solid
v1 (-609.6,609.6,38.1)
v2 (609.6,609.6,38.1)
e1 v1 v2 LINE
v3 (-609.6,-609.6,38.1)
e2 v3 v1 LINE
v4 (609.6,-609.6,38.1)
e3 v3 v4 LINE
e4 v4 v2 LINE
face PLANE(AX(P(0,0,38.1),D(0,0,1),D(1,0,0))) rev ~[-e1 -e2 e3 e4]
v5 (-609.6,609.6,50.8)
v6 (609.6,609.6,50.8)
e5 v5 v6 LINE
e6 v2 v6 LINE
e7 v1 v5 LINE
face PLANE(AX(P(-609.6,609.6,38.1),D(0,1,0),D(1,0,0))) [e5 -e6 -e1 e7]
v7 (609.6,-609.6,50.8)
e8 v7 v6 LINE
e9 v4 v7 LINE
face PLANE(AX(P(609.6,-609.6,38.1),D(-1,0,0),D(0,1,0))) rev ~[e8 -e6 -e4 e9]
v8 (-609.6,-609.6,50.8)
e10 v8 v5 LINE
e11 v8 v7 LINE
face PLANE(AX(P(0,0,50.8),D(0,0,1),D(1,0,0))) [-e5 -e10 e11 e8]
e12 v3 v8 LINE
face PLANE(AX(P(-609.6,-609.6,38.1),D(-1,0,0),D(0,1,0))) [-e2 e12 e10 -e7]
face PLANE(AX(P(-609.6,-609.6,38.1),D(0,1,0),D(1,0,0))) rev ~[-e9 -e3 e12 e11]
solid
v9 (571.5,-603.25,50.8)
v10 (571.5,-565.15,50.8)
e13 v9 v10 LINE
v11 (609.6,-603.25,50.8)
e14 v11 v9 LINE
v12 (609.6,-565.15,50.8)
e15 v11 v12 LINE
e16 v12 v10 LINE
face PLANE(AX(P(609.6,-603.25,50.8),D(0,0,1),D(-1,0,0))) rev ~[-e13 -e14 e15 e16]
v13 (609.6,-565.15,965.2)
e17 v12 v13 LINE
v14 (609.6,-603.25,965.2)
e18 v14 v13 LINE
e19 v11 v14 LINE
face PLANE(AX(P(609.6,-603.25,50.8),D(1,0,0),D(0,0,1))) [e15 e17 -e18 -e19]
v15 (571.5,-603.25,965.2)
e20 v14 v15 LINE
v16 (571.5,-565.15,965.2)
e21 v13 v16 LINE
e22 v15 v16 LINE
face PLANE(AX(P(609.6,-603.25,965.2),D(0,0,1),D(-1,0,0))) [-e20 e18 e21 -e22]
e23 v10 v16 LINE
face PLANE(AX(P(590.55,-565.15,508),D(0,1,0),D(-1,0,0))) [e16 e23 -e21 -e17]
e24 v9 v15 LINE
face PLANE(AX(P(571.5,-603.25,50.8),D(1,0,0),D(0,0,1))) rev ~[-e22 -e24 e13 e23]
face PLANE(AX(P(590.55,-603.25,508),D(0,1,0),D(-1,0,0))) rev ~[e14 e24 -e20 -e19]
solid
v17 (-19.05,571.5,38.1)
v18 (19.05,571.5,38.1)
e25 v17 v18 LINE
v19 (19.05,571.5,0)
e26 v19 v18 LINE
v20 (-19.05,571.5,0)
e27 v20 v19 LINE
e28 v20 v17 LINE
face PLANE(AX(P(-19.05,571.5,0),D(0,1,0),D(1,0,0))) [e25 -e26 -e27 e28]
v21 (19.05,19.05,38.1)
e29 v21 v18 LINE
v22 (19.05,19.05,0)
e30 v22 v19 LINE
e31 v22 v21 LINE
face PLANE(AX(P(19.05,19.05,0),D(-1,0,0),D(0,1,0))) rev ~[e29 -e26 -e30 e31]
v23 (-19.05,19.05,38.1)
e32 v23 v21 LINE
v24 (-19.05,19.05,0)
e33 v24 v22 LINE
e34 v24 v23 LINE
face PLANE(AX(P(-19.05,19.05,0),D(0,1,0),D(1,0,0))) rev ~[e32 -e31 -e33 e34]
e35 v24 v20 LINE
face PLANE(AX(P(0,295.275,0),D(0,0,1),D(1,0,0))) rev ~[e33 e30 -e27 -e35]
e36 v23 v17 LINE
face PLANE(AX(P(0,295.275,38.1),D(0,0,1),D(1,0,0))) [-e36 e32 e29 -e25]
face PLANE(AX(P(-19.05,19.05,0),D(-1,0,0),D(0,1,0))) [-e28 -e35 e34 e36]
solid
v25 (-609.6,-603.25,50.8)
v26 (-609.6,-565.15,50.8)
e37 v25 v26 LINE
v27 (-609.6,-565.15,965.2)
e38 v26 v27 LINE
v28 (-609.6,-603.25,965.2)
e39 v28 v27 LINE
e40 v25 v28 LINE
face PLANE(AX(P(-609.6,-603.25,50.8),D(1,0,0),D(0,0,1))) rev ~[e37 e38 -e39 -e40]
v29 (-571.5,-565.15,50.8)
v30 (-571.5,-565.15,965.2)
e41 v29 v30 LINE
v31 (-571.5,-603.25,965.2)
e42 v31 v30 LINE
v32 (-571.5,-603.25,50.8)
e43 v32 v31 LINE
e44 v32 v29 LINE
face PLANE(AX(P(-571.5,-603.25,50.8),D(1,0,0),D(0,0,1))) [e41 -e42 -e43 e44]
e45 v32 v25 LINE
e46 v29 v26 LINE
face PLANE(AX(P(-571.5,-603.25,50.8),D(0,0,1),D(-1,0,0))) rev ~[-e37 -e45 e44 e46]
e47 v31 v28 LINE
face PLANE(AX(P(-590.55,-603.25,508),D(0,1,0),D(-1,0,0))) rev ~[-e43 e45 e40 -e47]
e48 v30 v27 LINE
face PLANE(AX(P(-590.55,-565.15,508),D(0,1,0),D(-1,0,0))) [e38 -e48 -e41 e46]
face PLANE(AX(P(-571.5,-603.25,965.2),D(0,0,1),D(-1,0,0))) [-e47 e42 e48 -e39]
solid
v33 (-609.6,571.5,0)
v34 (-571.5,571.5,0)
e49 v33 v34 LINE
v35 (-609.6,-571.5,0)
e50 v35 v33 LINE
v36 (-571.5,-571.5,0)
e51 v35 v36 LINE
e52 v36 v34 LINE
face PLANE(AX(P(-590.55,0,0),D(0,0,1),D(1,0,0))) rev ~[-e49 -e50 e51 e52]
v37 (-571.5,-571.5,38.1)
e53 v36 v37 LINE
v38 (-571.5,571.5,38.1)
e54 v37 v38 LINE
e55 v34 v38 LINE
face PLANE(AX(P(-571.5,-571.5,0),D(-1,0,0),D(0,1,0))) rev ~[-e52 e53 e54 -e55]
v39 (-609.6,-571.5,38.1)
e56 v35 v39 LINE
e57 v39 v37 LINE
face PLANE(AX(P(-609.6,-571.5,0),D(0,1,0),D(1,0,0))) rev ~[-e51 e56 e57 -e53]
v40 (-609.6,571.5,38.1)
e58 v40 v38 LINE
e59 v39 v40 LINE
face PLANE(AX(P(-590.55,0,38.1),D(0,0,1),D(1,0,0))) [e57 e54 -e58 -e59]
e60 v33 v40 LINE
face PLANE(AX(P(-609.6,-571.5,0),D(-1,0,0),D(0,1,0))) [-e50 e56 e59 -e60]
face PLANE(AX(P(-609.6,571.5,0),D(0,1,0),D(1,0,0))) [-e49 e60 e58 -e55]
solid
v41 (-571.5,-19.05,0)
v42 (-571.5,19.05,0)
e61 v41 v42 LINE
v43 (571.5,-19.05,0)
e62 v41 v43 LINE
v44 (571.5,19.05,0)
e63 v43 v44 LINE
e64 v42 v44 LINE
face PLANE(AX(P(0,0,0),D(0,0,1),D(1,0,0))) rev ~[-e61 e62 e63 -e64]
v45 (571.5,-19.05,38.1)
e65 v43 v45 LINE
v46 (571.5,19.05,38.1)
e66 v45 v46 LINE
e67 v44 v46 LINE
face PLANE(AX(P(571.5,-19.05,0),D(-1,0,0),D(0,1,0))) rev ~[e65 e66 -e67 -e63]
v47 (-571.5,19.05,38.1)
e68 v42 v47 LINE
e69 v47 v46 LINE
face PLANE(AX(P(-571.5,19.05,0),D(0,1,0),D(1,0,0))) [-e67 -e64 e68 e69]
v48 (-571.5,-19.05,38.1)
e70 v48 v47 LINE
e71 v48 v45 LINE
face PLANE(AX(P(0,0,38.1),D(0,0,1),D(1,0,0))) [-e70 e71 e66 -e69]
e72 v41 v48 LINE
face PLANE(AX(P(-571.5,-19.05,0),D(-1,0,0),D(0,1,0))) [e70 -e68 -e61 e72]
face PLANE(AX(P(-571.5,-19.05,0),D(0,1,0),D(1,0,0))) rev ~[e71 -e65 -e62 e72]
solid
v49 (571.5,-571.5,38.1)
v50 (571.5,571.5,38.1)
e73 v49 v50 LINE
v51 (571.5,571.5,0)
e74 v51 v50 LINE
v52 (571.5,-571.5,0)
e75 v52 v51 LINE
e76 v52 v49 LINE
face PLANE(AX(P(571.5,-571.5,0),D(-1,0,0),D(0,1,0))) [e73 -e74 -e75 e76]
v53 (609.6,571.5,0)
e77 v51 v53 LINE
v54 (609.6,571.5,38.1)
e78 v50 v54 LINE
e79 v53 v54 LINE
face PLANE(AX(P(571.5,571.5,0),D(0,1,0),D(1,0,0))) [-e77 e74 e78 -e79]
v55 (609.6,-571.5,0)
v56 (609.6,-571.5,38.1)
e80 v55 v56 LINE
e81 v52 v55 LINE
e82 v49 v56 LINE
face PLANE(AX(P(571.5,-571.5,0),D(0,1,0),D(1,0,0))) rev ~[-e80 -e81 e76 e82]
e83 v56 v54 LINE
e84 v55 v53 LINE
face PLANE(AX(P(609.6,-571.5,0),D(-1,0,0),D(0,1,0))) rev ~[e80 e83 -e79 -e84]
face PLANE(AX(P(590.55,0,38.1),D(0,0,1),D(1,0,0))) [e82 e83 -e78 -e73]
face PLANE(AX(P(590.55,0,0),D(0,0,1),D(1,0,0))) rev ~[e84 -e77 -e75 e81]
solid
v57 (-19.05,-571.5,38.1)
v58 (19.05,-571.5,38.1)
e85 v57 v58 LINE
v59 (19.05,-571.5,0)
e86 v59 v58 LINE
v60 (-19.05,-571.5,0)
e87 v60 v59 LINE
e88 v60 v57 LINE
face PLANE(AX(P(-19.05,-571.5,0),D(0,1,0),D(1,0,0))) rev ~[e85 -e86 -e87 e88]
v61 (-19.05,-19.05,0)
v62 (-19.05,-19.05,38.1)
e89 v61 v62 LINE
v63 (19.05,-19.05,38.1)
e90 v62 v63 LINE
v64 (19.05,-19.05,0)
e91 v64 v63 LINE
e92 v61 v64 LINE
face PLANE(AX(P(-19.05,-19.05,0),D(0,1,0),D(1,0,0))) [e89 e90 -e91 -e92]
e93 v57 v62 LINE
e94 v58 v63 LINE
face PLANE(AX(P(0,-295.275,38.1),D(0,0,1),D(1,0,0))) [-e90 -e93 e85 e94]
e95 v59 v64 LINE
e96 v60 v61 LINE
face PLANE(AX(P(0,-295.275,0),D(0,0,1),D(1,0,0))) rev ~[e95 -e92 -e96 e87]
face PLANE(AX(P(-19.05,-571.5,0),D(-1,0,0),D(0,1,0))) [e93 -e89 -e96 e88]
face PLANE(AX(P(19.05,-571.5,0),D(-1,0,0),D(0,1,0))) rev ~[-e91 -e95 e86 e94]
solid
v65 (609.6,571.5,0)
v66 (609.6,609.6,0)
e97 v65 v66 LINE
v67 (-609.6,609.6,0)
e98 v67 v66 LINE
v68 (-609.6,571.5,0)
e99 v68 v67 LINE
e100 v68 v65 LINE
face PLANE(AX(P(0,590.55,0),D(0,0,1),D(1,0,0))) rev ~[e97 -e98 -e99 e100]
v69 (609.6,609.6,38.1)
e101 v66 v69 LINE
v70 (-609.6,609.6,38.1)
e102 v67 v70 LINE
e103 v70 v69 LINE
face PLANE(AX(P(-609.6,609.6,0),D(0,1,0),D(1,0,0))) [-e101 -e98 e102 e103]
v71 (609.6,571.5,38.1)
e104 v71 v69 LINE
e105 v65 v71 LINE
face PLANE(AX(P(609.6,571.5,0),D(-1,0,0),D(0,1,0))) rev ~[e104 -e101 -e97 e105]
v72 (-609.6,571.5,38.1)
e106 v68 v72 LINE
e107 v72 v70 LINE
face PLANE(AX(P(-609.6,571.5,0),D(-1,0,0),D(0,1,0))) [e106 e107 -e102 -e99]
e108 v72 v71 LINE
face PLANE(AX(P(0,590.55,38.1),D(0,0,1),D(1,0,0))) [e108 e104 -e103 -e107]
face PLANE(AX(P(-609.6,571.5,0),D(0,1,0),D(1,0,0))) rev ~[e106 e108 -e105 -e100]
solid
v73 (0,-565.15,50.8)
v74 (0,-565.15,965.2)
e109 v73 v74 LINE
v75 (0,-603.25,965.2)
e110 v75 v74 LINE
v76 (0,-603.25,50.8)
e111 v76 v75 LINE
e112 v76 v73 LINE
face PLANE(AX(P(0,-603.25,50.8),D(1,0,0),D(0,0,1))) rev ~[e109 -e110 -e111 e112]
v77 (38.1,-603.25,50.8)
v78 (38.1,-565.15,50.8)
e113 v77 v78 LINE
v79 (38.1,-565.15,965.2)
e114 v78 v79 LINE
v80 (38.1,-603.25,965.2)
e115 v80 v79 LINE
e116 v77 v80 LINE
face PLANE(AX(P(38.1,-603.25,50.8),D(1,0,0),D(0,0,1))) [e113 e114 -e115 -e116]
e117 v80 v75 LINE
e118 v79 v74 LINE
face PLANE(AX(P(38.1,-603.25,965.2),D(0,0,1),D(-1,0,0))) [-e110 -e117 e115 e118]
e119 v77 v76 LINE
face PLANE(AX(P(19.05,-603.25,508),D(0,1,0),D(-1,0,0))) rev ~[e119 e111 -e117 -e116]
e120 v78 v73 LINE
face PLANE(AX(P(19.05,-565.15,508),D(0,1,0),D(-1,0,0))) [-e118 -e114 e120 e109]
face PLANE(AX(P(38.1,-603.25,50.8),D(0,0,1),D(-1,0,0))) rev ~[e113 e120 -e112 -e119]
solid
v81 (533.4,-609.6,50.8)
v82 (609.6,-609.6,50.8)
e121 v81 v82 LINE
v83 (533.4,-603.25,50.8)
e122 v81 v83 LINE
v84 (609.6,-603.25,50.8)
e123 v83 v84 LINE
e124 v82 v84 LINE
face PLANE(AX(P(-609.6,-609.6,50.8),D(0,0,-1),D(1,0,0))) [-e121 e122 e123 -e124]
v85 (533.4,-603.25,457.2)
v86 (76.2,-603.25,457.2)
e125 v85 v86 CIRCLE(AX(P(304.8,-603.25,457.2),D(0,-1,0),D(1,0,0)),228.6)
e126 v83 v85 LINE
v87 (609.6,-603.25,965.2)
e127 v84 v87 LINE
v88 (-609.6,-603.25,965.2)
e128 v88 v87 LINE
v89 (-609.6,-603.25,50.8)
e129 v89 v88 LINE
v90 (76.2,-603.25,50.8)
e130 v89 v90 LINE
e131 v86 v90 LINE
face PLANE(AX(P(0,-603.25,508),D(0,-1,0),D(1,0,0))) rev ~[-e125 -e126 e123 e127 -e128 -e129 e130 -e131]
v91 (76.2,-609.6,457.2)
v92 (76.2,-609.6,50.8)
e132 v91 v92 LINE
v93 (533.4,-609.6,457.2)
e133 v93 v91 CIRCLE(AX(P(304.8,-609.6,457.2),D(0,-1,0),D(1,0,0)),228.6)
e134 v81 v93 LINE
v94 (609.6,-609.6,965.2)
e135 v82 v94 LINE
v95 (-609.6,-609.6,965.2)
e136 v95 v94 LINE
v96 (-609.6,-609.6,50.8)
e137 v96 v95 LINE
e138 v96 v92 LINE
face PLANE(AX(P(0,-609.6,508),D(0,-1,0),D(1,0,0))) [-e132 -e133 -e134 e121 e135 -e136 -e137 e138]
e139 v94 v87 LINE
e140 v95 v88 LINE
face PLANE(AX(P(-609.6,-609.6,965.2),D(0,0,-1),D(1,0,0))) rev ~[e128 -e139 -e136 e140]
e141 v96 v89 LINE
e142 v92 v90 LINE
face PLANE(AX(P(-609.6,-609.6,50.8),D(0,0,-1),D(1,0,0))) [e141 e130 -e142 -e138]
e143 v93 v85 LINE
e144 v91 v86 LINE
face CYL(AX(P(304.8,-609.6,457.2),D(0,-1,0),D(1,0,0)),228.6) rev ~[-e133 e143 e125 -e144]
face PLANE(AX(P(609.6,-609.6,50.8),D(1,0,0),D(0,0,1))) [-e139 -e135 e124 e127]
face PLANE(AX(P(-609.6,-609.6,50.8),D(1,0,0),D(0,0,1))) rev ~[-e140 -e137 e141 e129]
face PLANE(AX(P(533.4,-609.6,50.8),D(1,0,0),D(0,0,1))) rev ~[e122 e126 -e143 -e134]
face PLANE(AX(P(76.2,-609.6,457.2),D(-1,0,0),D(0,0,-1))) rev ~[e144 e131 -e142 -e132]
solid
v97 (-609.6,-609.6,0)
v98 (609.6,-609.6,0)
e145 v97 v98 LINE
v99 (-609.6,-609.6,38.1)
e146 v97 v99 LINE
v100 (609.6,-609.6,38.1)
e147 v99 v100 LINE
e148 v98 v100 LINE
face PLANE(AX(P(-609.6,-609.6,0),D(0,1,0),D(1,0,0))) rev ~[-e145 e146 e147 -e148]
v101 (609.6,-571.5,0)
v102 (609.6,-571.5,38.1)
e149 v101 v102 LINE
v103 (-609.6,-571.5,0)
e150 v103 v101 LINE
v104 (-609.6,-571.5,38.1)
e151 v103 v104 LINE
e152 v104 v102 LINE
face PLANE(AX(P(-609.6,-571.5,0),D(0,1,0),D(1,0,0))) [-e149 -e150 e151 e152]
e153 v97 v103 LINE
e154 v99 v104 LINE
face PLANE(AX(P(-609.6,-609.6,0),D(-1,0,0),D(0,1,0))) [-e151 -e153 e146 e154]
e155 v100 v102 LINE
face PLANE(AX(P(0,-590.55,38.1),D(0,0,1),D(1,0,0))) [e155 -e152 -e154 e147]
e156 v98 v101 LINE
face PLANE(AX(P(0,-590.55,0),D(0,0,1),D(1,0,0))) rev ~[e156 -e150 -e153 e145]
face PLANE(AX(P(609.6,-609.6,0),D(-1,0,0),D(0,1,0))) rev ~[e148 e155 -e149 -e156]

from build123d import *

# Parameters (mm, degrees)
F1_W      = 1219.2
F1_H      = 38.1
F1_W_2    = 1143
F2_DEPTH  = 38.1
F3_W      = 38.1
F3_H      = 1143
F4_DEPTH  = 38.1
F5_W      = 38.1
F5_H      = 552.45
F6_DEPTH  = 38.1
F7_W      = 1219.2
F7_H      = 1219.2
F8_DEPTH  = 12.7
F9_W      = 1219.2
F9_H      = 914.4
F10_DEPTH = 6.35
F12_DEPTH = 254
F13_W     = 38.1
F13_H     = 914.4
F14_DEPTH = 38.1
F15_W     = 38.1
F15_H     = 914.4
F16_DEPTH = 38.1


with BuildPart() as f2:
    # F1 (on Top) → F2 (new body)
    with BuildSketch(Plane.XY):
        with Locations((0, -590.55)):
            Rectangle(F1_W, F1_H)
        with Locations((0, 590.55)):
            Rectangle(F1_W, F1_H)
        Rectangle(F1_W_2, F1_H)
    extrude(amount=F2_DEPTH)


with BuildPart() as f4:
    # F3 (on Top) → F4 (new body)
    with BuildSketch(Plane.XY):
        with Locations((590.55, 0)):
            Rectangle(F3_W, F3_H)
        with Locations((-590.55, 0)):
            Rectangle(F3_W, F3_H)
    extrude(amount=F4_DEPTH)


with BuildPart() as f6:
    # F5 (on Top) → F6 (new body)
    with BuildSketch(Plane.XY):
        with Locations((0, 295.275)):
            Rectangle(F5_W, F5_H)
        with Locations((0, -295.275)):
            Rectangle(F5_W, F5_H)
    extrude(amount=F6_DEPTH)


with BuildPart() as f8:
    # F7 (on face) → F8 (new body)
    with BuildSketch(Plane.XY.offset(38.1)):
        Rectangle(F7_W, F7_H)
    extrude(amount=F8_DEPTH)


with BuildPart() as f10:
    # F9 (on face) → F10 (new body)
    with BuildSketch(Plane.XZ.offset(609.6)):
        with Locations((0, 508)):
            Rectangle(F9_W, F9_H)
    extrude(amount=-F10_DEPTH)

    # F11 (on face) → F12 (cut)
    with BuildSketch(Plane.XZ.offset(609.6)):
        with BuildLine():
            Line((76.2, 457.2), (76.2, 50.8))
            Line((76.2, 50.8), (533.4, 50.8))
            Line((533.4, 50.8), (533.4, 457.2))
            ThreePointArc((533.4, 457.2), (304.8, 685.8), (76.2, 457.2))
        make_face()
    extrude(amount=-F12_DEPTH, mode=Mode.SUBTRACT)


with BuildPart() as f14:
    # F13 (on face) → F14 (new body)
    with BuildSketch(Plane(origin=(0, -603.25, 0), x_dir=(-1, 0, 0), z_dir=(0, 1, 0))):
        with Locations((-590.55, 508)):
            Rectangle(F13_W, F13_H)
        with Locations((590.55, 508)):
            Rectangle(F13_W, F13_H)
    extrude(amount=F14_DEPTH)


with BuildPart() as f16:
    # F15 (on face) → F16 (new body)
    with BuildSketch(Plane(origin=(0, -603.25, 0), x_dir=(-1, 0, 0), z_dir=(0, 1, 0))):
        with Locations((-19.05, 508)):
            Rectangle(F15_W, F15_H)
    extrude(amount=F16_DEPTH)


solid = Compound([f2.part, f4.part, f6.part, f8.part, f10.part, f14.part, f16.part])
